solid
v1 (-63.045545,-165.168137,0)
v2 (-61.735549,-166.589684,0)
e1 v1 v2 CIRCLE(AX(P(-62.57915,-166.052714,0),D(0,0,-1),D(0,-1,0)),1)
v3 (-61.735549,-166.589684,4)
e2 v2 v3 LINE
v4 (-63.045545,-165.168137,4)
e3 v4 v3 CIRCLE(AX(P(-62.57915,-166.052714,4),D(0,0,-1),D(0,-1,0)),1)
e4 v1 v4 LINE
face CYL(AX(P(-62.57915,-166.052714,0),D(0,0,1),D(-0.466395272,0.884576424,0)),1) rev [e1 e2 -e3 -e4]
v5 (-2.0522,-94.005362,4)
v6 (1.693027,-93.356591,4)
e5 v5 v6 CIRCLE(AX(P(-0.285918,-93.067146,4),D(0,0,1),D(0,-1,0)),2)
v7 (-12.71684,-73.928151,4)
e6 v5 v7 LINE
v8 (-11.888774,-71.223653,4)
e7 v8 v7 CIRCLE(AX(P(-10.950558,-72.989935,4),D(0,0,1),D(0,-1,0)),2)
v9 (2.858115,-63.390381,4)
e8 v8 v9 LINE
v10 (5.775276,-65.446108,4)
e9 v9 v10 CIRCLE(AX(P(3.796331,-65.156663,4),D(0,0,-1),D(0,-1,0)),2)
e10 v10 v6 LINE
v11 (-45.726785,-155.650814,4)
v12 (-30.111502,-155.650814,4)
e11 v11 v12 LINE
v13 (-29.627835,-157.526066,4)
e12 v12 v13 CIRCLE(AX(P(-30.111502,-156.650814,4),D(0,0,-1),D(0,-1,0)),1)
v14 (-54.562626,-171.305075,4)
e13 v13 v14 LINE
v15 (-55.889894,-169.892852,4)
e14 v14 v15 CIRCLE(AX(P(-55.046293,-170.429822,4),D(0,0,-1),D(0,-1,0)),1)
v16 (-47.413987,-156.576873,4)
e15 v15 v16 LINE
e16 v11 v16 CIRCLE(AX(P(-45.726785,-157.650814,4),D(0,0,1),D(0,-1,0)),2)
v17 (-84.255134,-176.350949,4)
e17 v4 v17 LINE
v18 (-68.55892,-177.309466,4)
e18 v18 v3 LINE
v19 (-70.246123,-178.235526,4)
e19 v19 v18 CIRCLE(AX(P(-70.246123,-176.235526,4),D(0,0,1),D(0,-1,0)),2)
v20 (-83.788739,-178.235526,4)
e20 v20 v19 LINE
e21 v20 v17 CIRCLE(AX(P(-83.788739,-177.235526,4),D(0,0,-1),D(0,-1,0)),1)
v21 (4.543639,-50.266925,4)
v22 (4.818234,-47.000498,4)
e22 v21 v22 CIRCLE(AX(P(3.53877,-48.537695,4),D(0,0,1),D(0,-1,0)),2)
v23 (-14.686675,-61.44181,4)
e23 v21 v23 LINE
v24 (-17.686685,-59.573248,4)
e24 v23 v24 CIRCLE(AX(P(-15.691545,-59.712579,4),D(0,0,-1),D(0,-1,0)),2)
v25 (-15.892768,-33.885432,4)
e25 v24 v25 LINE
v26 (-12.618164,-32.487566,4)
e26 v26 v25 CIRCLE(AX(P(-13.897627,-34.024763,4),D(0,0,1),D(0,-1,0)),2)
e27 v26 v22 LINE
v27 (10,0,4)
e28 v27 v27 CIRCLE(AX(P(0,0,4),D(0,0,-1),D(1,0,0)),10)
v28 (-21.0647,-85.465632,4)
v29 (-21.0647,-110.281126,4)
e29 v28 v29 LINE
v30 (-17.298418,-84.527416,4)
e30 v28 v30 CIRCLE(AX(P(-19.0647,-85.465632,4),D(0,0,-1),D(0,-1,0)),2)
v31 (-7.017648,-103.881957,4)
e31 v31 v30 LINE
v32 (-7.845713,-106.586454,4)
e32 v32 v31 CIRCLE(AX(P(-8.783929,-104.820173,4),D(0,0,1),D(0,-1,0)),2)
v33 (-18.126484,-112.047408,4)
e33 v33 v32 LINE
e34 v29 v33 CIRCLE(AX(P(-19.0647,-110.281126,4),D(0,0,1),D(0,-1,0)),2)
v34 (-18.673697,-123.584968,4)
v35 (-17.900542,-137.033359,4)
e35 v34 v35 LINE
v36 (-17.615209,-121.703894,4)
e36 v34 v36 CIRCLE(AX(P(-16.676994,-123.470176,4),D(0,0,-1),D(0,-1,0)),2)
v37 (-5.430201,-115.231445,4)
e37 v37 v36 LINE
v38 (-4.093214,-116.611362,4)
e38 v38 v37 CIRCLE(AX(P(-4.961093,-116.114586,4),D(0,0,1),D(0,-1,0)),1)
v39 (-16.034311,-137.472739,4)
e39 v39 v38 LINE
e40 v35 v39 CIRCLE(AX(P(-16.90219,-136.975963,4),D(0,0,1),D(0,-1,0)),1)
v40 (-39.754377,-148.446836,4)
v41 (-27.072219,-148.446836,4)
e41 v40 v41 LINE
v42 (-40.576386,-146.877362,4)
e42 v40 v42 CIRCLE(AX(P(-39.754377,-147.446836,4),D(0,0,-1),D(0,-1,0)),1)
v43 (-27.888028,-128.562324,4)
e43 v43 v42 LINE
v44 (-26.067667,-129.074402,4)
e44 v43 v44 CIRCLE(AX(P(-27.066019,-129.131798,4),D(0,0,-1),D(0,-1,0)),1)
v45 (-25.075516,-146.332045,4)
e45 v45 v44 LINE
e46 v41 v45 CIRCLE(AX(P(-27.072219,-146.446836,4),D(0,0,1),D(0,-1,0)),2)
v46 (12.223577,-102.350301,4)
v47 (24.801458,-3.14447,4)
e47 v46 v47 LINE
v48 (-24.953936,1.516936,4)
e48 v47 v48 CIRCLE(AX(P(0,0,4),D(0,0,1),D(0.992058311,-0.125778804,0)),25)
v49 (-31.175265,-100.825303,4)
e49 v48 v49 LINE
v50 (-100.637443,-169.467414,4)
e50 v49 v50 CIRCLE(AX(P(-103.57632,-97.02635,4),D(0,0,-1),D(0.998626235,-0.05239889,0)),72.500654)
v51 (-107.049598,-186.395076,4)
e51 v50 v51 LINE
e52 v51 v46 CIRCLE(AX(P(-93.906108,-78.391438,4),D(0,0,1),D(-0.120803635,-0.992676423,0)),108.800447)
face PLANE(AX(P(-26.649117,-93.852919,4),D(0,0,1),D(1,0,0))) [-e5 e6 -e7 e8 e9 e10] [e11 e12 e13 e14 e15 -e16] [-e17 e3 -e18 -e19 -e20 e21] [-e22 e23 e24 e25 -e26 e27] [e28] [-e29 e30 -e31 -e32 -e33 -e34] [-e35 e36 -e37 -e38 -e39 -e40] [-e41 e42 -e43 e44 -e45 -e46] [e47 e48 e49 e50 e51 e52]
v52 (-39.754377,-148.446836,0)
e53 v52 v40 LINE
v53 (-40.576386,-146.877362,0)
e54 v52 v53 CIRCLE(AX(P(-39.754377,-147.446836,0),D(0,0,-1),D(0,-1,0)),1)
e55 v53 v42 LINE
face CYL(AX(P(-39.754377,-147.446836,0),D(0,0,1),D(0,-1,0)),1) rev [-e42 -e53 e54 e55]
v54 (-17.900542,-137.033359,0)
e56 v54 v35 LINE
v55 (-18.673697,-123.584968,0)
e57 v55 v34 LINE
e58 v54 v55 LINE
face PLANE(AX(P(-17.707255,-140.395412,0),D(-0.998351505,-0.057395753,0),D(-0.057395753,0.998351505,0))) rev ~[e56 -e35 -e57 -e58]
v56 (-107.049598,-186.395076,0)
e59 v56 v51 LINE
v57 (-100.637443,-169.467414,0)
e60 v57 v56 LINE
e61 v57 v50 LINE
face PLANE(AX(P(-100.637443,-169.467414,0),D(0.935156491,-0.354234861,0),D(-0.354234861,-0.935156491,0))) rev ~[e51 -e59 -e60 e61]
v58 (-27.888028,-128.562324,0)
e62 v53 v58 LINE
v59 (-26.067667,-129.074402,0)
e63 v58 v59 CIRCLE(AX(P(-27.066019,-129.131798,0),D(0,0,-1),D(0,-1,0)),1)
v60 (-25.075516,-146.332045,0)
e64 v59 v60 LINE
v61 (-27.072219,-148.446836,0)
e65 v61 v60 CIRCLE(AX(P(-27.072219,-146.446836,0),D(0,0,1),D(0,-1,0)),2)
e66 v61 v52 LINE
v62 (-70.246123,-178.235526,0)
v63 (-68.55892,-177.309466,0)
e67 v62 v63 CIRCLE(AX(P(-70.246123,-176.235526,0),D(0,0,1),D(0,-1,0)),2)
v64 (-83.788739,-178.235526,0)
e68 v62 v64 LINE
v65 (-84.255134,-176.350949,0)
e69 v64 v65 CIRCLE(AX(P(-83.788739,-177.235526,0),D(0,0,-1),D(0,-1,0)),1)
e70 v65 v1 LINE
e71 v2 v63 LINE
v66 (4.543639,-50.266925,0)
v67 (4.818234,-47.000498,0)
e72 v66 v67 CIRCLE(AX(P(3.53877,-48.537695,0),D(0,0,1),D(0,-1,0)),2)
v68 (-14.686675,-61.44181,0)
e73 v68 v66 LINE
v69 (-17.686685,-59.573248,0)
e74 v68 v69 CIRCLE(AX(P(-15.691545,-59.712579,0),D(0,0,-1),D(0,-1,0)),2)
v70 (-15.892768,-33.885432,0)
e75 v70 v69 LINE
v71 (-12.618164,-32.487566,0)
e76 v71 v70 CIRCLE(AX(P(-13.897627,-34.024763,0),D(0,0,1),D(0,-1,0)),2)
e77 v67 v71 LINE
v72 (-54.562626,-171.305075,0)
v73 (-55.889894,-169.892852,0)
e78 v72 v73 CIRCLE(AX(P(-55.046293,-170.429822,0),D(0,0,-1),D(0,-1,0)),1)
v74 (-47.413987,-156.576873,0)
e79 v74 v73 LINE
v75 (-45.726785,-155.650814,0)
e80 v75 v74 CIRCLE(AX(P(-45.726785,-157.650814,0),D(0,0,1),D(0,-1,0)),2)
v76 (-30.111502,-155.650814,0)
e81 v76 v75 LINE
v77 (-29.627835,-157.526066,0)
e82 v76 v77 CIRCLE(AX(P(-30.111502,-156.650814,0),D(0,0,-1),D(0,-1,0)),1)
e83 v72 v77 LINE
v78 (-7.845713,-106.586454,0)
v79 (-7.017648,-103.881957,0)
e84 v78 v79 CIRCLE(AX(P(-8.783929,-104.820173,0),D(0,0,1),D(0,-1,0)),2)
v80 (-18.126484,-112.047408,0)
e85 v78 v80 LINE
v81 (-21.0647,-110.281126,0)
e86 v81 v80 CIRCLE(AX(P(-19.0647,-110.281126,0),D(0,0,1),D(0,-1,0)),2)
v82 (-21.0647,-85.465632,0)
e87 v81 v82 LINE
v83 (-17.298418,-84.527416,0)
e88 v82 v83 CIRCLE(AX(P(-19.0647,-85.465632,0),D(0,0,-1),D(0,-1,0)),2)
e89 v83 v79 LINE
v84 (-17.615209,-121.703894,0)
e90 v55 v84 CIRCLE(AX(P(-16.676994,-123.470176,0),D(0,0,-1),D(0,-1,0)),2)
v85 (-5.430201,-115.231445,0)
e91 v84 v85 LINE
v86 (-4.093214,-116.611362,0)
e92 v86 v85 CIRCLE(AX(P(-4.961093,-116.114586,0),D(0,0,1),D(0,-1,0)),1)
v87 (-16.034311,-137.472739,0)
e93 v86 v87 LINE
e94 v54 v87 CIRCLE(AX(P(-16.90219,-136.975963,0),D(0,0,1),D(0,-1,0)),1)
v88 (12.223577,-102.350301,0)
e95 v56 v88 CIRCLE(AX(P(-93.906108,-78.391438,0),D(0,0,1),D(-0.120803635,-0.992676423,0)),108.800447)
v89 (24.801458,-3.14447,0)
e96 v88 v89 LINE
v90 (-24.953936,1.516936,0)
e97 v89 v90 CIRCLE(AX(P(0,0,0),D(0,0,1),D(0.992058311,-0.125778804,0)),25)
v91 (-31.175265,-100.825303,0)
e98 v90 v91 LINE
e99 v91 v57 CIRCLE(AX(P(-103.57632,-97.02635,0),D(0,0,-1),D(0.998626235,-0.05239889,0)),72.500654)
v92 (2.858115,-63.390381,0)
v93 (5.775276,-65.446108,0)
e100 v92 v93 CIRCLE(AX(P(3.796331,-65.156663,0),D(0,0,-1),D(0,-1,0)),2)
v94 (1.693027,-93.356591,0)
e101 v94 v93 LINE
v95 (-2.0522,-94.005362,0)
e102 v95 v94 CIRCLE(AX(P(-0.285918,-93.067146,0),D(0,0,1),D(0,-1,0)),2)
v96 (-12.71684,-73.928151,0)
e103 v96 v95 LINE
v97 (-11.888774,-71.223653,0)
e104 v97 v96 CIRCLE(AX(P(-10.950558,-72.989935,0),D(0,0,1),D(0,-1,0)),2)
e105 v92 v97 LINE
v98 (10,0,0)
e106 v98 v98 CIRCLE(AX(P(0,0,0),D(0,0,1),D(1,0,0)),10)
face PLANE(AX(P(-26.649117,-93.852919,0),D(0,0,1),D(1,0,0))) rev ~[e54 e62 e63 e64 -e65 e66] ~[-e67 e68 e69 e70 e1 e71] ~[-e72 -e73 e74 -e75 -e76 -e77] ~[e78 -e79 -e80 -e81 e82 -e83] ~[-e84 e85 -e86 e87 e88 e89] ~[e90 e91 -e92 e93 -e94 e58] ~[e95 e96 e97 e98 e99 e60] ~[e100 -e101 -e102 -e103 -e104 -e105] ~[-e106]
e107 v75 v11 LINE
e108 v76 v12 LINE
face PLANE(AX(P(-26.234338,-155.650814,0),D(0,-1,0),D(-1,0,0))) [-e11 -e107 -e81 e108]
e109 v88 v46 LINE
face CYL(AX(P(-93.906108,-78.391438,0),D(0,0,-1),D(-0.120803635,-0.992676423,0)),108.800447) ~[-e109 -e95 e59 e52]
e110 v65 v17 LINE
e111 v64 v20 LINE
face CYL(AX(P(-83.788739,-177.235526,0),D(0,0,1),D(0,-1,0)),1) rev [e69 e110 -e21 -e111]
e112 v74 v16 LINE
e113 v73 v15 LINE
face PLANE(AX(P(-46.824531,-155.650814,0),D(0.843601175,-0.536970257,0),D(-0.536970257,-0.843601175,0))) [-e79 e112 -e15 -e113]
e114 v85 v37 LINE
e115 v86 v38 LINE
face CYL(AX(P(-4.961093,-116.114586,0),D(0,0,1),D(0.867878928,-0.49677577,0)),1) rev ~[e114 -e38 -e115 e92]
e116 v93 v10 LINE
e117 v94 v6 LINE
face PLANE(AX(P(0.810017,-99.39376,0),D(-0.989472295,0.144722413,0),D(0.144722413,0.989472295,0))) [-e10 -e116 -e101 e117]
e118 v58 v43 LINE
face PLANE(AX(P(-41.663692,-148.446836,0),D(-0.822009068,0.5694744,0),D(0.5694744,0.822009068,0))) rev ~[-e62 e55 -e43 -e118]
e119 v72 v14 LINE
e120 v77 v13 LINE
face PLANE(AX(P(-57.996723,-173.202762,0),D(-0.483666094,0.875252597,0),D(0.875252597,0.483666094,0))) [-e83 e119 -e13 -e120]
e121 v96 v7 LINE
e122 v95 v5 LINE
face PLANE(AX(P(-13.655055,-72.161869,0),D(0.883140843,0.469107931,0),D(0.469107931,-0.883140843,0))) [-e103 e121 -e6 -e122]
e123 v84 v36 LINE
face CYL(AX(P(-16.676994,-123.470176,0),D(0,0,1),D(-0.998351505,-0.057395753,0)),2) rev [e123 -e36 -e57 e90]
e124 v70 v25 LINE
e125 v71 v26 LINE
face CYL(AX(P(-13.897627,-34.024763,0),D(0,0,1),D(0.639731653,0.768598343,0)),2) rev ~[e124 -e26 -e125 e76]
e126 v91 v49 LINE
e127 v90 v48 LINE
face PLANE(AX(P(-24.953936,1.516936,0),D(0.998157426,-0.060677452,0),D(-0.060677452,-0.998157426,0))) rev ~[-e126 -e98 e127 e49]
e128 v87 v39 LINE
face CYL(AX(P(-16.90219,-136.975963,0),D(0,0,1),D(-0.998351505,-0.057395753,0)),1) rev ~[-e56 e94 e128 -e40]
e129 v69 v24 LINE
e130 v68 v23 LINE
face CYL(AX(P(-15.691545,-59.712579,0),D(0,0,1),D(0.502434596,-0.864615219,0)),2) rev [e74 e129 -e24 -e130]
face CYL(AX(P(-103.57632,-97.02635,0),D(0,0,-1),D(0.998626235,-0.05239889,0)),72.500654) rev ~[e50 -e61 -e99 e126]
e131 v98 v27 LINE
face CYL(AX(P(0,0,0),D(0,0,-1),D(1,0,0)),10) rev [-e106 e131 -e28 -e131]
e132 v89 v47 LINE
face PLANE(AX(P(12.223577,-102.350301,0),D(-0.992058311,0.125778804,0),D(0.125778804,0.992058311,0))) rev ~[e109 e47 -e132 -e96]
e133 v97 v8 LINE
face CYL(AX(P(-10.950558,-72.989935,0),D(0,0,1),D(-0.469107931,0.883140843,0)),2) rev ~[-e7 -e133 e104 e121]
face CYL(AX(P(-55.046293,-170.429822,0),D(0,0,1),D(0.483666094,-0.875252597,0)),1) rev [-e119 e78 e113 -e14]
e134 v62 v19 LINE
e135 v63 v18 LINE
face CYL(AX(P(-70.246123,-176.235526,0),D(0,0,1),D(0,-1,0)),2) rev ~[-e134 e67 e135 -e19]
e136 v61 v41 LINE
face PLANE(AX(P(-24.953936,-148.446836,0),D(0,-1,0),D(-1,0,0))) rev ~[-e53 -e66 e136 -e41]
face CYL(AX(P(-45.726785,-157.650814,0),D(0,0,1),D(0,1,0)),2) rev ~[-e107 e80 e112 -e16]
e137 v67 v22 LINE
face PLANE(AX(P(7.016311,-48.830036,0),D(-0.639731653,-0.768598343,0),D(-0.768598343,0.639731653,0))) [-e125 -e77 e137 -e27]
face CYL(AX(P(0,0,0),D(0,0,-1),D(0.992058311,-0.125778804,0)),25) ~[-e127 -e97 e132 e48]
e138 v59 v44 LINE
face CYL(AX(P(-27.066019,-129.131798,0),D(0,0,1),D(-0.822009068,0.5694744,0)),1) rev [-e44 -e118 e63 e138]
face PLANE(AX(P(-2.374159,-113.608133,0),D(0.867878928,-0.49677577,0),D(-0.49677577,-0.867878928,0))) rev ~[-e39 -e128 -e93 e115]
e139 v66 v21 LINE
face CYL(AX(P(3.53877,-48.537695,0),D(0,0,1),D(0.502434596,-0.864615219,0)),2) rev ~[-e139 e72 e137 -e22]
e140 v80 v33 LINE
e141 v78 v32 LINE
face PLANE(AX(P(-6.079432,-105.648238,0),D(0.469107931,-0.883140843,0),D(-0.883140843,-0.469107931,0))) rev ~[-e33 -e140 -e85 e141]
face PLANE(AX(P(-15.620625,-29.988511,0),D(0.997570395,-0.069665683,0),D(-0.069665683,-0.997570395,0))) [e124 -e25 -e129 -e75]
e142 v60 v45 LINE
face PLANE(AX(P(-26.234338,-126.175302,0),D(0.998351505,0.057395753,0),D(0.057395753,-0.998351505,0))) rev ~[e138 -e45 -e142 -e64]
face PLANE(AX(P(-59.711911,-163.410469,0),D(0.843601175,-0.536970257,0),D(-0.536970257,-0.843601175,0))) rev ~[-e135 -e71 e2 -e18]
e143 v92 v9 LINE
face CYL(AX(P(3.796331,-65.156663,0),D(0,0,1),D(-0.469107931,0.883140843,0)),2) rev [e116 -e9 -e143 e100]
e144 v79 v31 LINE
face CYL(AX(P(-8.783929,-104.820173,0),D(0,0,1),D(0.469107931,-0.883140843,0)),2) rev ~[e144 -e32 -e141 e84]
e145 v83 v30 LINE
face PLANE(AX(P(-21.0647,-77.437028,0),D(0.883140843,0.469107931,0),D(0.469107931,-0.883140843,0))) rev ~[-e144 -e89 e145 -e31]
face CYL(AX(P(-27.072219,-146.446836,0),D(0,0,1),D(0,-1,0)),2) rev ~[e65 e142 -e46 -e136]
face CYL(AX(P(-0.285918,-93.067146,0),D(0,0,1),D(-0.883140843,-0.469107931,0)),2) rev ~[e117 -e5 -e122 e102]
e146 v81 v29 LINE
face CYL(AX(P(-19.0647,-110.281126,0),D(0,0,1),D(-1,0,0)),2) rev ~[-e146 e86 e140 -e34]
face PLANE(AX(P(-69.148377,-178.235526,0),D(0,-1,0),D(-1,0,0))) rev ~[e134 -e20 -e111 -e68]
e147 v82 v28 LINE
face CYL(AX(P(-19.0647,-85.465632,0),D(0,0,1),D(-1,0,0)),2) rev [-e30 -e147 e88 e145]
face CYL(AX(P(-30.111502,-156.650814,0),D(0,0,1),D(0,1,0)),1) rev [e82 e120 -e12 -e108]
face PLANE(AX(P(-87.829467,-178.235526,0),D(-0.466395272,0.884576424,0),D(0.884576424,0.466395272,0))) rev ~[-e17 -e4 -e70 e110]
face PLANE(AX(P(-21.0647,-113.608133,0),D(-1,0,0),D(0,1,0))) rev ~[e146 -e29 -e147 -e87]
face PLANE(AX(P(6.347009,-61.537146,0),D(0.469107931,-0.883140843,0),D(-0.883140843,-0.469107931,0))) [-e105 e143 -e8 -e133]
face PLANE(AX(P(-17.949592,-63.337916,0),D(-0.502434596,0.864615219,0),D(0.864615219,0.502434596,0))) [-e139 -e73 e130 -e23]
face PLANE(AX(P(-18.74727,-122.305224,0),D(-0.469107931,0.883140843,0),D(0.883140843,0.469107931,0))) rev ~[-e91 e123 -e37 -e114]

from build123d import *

# Parameters (mm, degrees)
BOSS_EXTRUDE1_DEPTH = 4
SKETCH1_3_R         = 10
CUT_EXTRUDE2_DEPTH  = 19.5
CUT_EXTRUDE3_DEPTH  = 59.5
FILLET2_R           = 2
FILLET9_R           = 2
FILLET10_R          = 1


with BuildPart() as part:
    # Sketch1 → Boss-Extrude1 (new body)
    with BuildSketch(Plane.XY):
        with BuildLine():
            Line((-24.953935647, 1.516936291), (-31.175265199, -100.825303282))
            ThreePointArc((-31.175265199, -100.825303282), (-52.615931746, -148.5955614), (-100.637442791, -169.467413729))
            Line((-100.637442791, -169.467413729), (-107.049597612, -186.395076324))
            ThreePointArc((-107.049597612, -186.395076324), (-31.236424704, -167.329888663), (12.223577372, -102.350301202))
            Line((12.223577372, -102.350301202), (24.801457775, -3.144470101))
            ThreePointArc((24.801457775, -3.144470101), (2.331949777, 24.891002596), (-24.953935647, 1.516936291))
        make_face()
    extrude(amount=BOSS_EXTRUDE1_DEPTH)

    # Sketch1<3> → Cut-Extrude2 (cut)
    with BuildSketch(Plane.XY):
        Circle(SKETCH1_3_R)
    extrude(amount=CUT_EXTRUDE2_DEPTH, mode=Mode.SUBTRACT)

    # Sketch1<4> → Cut-Extrude3 (cut)
    with BuildSketch(Plane.XY):
        Polygon((6.347009132, -61.537145709), (-13.655055469, -72.161869066), (0.810016745, -99.393760114), align=None)
        Polygon((-21.064699943, -77.437028338), (-6.079431787, -105.648238327), (-21.064699943, -113.608133056), align=None)
        Polygon((-26.234337885, -155.650813652), (-46.824530665, -155.650813652), (-57.99672275, -173.202762284), align=None)
        Polygon((-59.711910653, -163.410469366), (-69.148377202, -178.235525617), (-87.829466791, -178.235525617), align=None)
        Polygon((-26.234337885, -126.17530166), (-24.953935647, -148.446836425), (-41.663691875, -148.446836425), align=None)
        Polygon((-18.747269764, -122.305223747), (-2.374159237, -113.608133056), (-17.707255347, -140.395411768), align=None)
        Polygon((-17.949592316, -63.337916036), (7.016311499, -48.830036106), (-15.620624799, -29.988511388), align=None)
    extrude(amount=CUT_EXTRUDE3_DEPTH, mode=Mode.SUBTRACT)

    # Fillet2
    fillet2_edges = [part.edges().sort_by_distance(p)[0] for p in [
        (-15.620624799, -29.988511388, 2),
        (-17.949592316, -63.337916036, 2),
        (7.016311499, -48.830036106, 2),
        (-21.064699943, -77.437028338, 2),
        (-21.064699943, -113.608133056, 2),
        (-6.079431787, -105.648238327, 2),
        (0.810016745, -99.393760114, 2),
        (6.347009132, -61.537145709, 2),
        (-13.655055469, -72.161869066, 2),
    ]]
    fillet(fillet2_edges, radius=FILLET2_R)

    # Fillet9
    fillet9_edges = [part.edges().sort_by_distance(p)[0] for p in [
        (-18.747269764, -122.305223747, 2),
        (-24.953935647, -148.446836425, 2),
        (-46.824530665, -155.650813652, 2),
        (-69.148377202, -178.235525617, 2),
    ]]
    fillet(fillet9_edges, radius=FILLET9_R)

    # Fillet10
    fillet10_edges = [part.edges().sort_by_distance(p)[0] for p in [
        (-17.707255347, -140.395411768, 2),
        (-2.374159237, -113.608133056, 2),
        (-26.234337885, -126.17530166, 2),
        (-41.663691875, -148.446836425, 2),
        (-57.99672275, -173.202762284, 2),
        (-26.234337885, -155.650813652, 2),
        (-87.829466791, -178.235525617, 2),
        (-59.711910653, -163.410469366, 2),
    ]]
    fillet(fillet10_edges, radius=FILLET10_R)


solid = part.part
